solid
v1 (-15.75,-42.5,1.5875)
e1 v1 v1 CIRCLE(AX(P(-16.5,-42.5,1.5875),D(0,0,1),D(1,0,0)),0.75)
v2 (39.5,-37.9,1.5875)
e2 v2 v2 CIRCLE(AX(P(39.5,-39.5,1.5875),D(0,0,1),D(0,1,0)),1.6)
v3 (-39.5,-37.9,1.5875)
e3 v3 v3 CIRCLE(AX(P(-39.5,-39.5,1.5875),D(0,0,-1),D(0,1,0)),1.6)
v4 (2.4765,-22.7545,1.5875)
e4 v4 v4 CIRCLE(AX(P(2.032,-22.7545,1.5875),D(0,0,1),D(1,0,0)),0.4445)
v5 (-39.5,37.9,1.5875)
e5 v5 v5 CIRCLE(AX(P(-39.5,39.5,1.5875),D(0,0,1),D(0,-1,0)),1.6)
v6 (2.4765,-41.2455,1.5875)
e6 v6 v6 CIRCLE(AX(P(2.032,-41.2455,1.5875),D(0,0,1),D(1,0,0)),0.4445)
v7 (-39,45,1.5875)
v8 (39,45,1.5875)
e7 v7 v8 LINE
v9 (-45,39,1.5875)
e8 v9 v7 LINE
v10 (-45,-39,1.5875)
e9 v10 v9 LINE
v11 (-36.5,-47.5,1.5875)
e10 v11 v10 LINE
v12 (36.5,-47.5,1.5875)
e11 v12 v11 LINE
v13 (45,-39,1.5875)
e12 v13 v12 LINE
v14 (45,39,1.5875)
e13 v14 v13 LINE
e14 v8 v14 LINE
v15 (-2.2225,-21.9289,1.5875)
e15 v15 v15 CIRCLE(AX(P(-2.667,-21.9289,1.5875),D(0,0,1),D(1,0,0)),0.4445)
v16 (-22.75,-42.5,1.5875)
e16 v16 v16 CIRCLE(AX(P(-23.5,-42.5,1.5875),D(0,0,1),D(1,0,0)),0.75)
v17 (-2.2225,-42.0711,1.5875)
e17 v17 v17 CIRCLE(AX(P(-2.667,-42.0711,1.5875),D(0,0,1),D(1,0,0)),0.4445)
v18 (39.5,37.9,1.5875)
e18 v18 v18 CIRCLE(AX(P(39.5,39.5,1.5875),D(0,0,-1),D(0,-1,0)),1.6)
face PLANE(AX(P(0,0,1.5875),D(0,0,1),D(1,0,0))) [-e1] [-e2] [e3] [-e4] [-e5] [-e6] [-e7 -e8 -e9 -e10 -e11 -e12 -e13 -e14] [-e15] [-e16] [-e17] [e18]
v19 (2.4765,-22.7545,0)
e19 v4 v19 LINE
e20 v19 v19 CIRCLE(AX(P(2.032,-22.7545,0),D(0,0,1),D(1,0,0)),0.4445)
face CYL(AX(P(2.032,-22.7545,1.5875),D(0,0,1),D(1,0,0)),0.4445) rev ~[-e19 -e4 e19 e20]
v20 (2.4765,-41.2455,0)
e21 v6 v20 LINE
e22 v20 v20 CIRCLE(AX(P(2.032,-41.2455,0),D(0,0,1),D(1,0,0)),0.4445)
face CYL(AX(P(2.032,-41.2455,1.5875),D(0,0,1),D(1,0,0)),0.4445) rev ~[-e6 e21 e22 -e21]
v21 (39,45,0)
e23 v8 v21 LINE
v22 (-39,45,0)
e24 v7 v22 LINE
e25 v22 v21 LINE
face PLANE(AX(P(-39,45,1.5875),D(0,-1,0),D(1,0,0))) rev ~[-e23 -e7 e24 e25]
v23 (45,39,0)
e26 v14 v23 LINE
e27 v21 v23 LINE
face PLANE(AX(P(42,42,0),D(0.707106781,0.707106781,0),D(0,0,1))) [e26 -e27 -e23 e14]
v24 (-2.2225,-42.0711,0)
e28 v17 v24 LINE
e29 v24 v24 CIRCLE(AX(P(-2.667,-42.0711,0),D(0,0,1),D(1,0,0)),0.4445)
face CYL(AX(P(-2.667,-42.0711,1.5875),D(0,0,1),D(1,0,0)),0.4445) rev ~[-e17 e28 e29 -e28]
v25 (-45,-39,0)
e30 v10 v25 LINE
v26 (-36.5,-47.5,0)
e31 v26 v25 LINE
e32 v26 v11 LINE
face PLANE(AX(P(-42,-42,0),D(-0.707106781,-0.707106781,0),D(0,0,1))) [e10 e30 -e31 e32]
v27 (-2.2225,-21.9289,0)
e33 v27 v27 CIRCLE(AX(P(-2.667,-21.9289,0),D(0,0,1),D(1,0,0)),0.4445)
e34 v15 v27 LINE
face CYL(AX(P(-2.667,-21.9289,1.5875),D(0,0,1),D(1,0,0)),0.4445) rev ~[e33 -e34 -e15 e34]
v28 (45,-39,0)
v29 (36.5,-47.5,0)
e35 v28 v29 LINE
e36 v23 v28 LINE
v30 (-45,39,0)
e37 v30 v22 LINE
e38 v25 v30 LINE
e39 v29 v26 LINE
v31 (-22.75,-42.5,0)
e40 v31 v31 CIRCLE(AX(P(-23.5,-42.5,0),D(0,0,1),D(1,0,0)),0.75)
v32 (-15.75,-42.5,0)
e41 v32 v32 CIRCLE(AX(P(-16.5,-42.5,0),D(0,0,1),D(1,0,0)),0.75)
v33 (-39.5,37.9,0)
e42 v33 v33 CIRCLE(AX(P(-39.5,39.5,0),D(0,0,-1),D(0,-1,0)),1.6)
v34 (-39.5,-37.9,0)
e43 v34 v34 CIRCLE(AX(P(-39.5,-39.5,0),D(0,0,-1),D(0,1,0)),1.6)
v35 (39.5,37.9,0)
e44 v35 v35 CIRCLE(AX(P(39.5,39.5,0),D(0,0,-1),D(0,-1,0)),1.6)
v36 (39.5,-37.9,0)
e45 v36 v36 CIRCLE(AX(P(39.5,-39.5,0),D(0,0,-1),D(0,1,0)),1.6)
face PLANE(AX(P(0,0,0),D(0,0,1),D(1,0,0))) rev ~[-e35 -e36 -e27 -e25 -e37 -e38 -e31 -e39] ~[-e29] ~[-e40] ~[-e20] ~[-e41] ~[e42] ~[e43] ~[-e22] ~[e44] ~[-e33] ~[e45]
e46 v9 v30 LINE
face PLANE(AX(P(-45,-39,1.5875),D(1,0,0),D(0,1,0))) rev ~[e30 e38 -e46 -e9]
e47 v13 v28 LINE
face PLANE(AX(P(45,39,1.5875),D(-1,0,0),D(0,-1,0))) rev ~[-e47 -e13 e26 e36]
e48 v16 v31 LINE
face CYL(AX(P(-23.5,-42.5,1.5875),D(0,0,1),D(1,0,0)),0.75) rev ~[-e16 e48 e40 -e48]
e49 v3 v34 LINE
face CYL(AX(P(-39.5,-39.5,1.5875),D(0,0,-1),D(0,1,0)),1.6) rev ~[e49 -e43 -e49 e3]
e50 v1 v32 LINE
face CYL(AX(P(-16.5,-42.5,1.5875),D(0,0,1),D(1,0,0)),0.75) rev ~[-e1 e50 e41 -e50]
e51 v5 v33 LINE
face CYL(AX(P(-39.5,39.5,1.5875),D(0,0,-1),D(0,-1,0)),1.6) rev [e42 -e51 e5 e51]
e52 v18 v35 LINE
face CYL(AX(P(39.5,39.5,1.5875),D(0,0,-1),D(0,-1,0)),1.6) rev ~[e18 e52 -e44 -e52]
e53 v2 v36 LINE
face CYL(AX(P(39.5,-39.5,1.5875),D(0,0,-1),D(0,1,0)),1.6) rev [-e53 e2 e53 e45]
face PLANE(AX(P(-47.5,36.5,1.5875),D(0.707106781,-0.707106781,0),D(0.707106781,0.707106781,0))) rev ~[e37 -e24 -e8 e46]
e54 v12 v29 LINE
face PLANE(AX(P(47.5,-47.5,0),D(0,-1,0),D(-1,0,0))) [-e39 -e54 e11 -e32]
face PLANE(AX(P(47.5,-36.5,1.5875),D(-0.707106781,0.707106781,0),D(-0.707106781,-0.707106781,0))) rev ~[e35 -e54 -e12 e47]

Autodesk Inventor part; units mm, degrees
sketch "AL_spacer_contact_Zminus" plane through (0, 0, 0) normal (0, 0, 1) x (1, 0, 0)
  circle A0 centre (39.5, 39.5) radius 3.175
  circle A1 centre (39.5, -39.5) radius 3.175
  circle A2 centre (-39.5, -39.5) radius 3.175
  circle A3 centre (-39.5, 39.5) radius 3.175
  point P0 (0, 0)
  dimension "d228" = 39.5
  dimension "d229" = 39.5
  dimension "d230" = 39.5
  dimension "d231" = 39.5
  dimension "d232" = 39.5
  dimension "d233" = 39.5
  dimension "d234" = 39.5
  dimension "d235" = 39.5
  dimension "d236" = 6.35
sketch "Delrin_stayout_Zminus" plane through (0, 0, 0) normal (0, 0, 1) x (1, 0, 0)
  line L0 (47.5, 39.5) -> (47.5, 31)
  line L1 (47.5, 31) -> (39.5, 31)
  line L2 (39.5, 31) -> (31, 39.5)
  line L3 (31, 39.5) -> (31, 47.5)
  line L4 (31, 47.5) -> (39.5, 47.5)
  line L5 (39.5, 47.5) -> (47.5, 39.5)
  line L6 (-39.5, 47.5) -> (-47.5, 39.5)
  line L7 (-47.5, 39.5) -> (-47.5, 31)
  line L8 (-47.5, 31) -> (-39.5, 31)
  line L9 (-39.5, 31) -> (-31, 39.5)
  line L10 (-31, 39.5) -> (-31, 47.5)
  line L11 (-31, 47.5) -> (-39.5, 47.5)
  line L12 (47.5, -39.5) -> (39.5, -47.5)
  line L13 (39.5, -47.5) -> (31, -47.5)
  line L14 (31, -47.5) -> (31, -39.5)
  line L15 (31, -39.5) -> (39.5, -31)
  line L16 (39.5, -31) -> (47.5, -31)
  line L17 (47.5, -31) -> (47.5, -39.5)
  line L18 (-39.5, -47.5) -> (-47.5, -39.5)
  line L19 (-47.5, -39.5) -> (-47.5, -31)
  line L20 (-47.5, -31) -> (-39.5, -31)
  line L21 (-39.5, -31) -> (-31, -39.5)
  line L22 (-31, -39.5) -> (-31, -47.5)
  line L23 (-31, -47.5) -> (-39.5, -47.5)
  point P0 (0, 0)
  dimension "d243" = 16.5
  dimension "d244" = 8
  dimension "d245" = 8.5
  dimension "d246" = 16.5
  dimension "d247" = 47.5
  dimension "d248" = 47.5
  dimension "d249" = 47.5
  dimension "d250" = 47.5
  dimension "d251" = 47.5
  dimension "d252" = 47.5
  dimension "d253" = 47.5
  dimension "d254" = 47.5
sketch "Nub_stayout_Zminus" plane through (0, 0, 0) normal (0, 0, 1) x (1, 0, 0)
  line L0 (29, 47.5) -> (39.5, 47.5)
  line L1 (39.5, 47.5) -> (47.5, 39.5)
  line L2 (47.5, 39.5) -> (47.5, 29)
  line L3 (47.5, 29) -> (42, 29)
  line L4 (42, 29) -> (42, 40.4125)
  line L5 (40.4125, 42) -> (29, 42)
  line L6 (29, 42) -> (29, 47.5)
  arc A0 (42, 40.4125) -> (40.4125, 42) centre (40.4125, 40.4125) ccw
  line L7 (-29, 47.5) -> (-39.5, 47.5)
  line L8 (-39.5, 47.5) -> (-47.5, 39.5)
  line L9 (-47.5, 39.5) -> (-47.5, 29)
  line L10 (-47.5, 29) -> (-42, 29)
  line L11 (-42, 29) -> (-42, 40.4125)
  line L12 (-40.4125, 42) -> (-29, 42)
  line L13 (-29, 42) -> (-29, 47.5)
  arc A1 (-40.4125, 42) -> (-42, 40.4125) centre (-40.4125, 40.4125) ccw
  line L14 (-47.5, -29) -> (-42, -29)
  line L15 (-42, -29) -> (-42, -40.4125)
  line L16 (-40.4125, -42) -> (-29, -42)
  line L17 (-29, -42) -> (-29, -47.5)
  line L18 (-29, -47.5) -> (-39.5, -47.5)
  line L19 (-39.5, -47.5) -> (-47.5, -39.5)
  line L20 (-47.5, -39.5) -> (-47.5, -29)
  arc A2 (-42, -40.4125) -> (-40.4125, -42) centre (-40.4125, -40.4125) ccw
  line L21 (47.5, -29) -> (42, -29)
  line L22 (42, -29) -> (42, -40.4125)
  line L23 (40.4125, -42) -> (29, -42)
  line L24 (29, -42) -> (29, -47.5)
  line L25 (29, -47.5) -> (39.5, -47.5)
  line L26 (39.5, -47.5) -> (47.5, -39.5)
  line L27 (47.5, -39.5) -> (47.5, -29)
  arc A3 (40.4125, -42) -> (42, -40.4125) centre (40.4125, -40.4125) ccw
  point P0 (0, 0)
  dimension "d255" = 1.5875
  dimension "d256" = 18.5
  dimension "d257" = 8
  dimension "d258" = 5.5
  dimension "d259" = 47.5
  dimension "d260" = 47.5
  dimension "d264" = 1.5875
  dimension "d265" = 47.5
  dimension "d266" = 47.5
  dimension "d267" = 1.5875
  dimension "d268" = 47.5
  dimension "d269" = 47.5
  dimension "d270" = 1.5875
  dimension "d271" = 47.5
  dimension "d272" = 47.5
ref_plane "Zplus_face" through (0, 0, 1.5875) normal (0, 0, 1) x (1, 0, 0)
sketch "AL_spacer_contact_Zplus" plane through (0, 0, 1.5875) normal (0, 0, 1) x (1, 0, 0)
  circle A0 centre (-39.5, 39.5) radius 3.175
  circle A1 centre (-39.5, -39.5) radius 3.175
  circle A2 centre (39.5, -39.5) radius 3.175
  circle A3 centre (39.5, 39.5) radius 3.175
  point P0 (0, 0)
  dimension "d129" = 39.5
  dimension "d130" = 39.5
  dimension "d131" = 39.5
  dimension "d132" = 39.5
  dimension "d133" = 6.35
sketch "Delrin_stayout_Zplus" plane through (0, 0, 1.5875) normal (0, 0, 1) x (1, 0, 0)
  line L0 (47.5, -31) -> (47.5, -39.5)
  line L1 (47.5, -39.5) -> (39.5, -47.5)
  line L2 (39.5, -47.5) -> (31, -47.5)
  line L3 (31, -47.5) -> (31, -39.5)
  line L4 (31, -39.5) -> (39.5, -31)
  line L5 (39.5, -31) -> (47.5, -31)
  line L6 (47.5, 31) -> (47.5, 39.5)
  line L7 (47.5, 39.5) -> (39.5, 47.5)
  line L8 (39.5, 47.5) -> (31, 47.5)
  line L9 (31, 47.5) -> (31, 39.5)
  line L10 (31, 39.5) -> (39.5, 31)
  line L11 (39.5, 31) -> (47.5, 31)
  line L12 (-39.5, 47.5) -> (-47.5, 39.5)
  line L13 (-47.5, 39.5) -> (-47.5, 31)
  line L14 (-47.5, 31) -> (-39.5, 31)
  line L15 (-39.5, 31) -> (-31, 39.5)
  line L16 (-31, 39.5) -> (-31, 47.5)
  line L17 (-31, 47.5) -> (-39.5, 47.5)
  line L18 (-47.5, -39.5) -> (-39.5, -47.5)
  line L19 (-39.5, -47.5) -> (-31, -47.5)
  line L20 (-31, -47.5) -> (-31, -39.5)
  line L21 (-31, -39.5) -> (-39.5, -31)
  line L22 (-39.5, -31) -> (-47.5, -31)
  line L23 (-47.5, -31) -> (-47.5, -39.5)
  point P0 (0, 0)
  dimension "d115" = 16.5
  dimension "d116" = 16.5
  dimension "d117" = 8
  dimension "d118" = 8.5
  dimension "d121" = 47.5
  dimension "d122" = 47.5
  dimension "d123" = 47.5
  dimension "d124" = 47.5
  dimension "d125" = 47.5
  dimension "d126" = 47.5
  dimension "d127" = 47.5
  dimension "d128" = 47.5
sketch "Nub_stayout_Zplus" plane through (0, 0, 1.5875) normal (0, 0, 1) x (1, 0, 0)
  line L0 (47.5, 29) -> (42, 29)
  line L1 (42, 29) -> (42, 40.4125)
  line L2 (40.4125, 42) -> (29, 42)
  line L3 (29, 42) -> (29, 47.5)
  arc A0 (42, 40.4125) -> (40.4125, 42) centre (40.4125, 40.4125) ccw
  line L4 (29, 47.5) -> (39.5, 47.5)
  line L5 (39.5, 47.5) -> (47.5, 39.5)
  line L6 (47.5, 39.5) -> (47.5, 29)
  line L7 (-39.5, 47.5) -> (-29, 47.5)
  line L8 (-29, 47.5) -> (-29, 42)
  line L9 (-29, 42) -> (-40.4125, 42)
  line L10 (-42, 40.4125) -> (-42, 29)
  line L11 (-42, 29) -> (-47.5, 29)
  line L12 (-47.5, 29) -> (-47.5, 39.5)
  line L13 (-47.5, 39.5) -> (-39.5, 47.5)
  arc A1 (-40.4125, 42) -> (-42, 40.4125) centre (-40.4125, 40.4125) ccw
  line L14 (-47.5, -29) -> (-47.5, -39.5)
  line L15 (-47.5, -39.5) -> (-39.5, -47.5)
  line L16 (-39.5, -47.5) -> (-29, -47.5)
  line L17 (-29, -47.5) -> (-29, -42)
  line L18 (-29, -42) -> (-40.4125, -42)
  line L19 (-42, -40.4125) -> (-42, -29)
  line L20 (-42, -29) -> (-47.5, -29)
  arc A2 (-42, -40.4125) -> (-40.4125, -42) centre (-40.4125, -40.4125) ccw
  line L21 (29, -47.5) -> (39.5, -47.5)
  line L22 (39.5, -47.5) -> (47.5, -39.5)
  line L23 (47.5, -39.5) -> (47.5, -29)
  line L24 (47.5, -29) -> (42, -29)
  line L25 (42, -29) -> (42, -40.4125)
  line L26 (40.4125, -42) -> (29, -42)
  line L27 (29, -42) -> (29, -47.5)
  arc A3 (40.4125, -42) -> (42, -40.4125) centre (40.4125, -40.4125) ccw
  point P0 (0, 0)
  dimension "d146" = 1.5875
  dimension "d147" = 5.5
  dimension "d149" = 18.5
  dimension "d150" = 8
  dimension "d151" = 47.5
  dimension "d152" = 47.5
  dimension "d153" = 1.5875
  dimension "d154" = 47.5
  dimension "d155" = 47.5
  dimension "d156" = 1.5875
  dimension "d157" = 47.5
  dimension "d158" = 47.5
  dimension "d159" = 1.5875
  dimension "d160" = 47.5
  dimension "d161" = 47.5
sketch "Sketch1" plane through (0, 0, 0) normal (0, 0, 1) x (1, 0, 0)
  line L0 (-47.5, 47.5) -> (47.5, 47.5)
  line L1 (47.5, 47.5) -> (47.5, -47.5)
  line L2 (47.5, -47.5) -> (-47.5, -47.5)
  line L3 (-47.5, -47.5) -> (-47.5, 47.5)
  point P0 (0, 0)
  dimension "d0" = 95
  dimension "d1" = 95
  dimension "d2" = 47.5
  dimension "d3" = 47.5
extrude "Extrusion1" add sketch "Sketch1" along normal blind 1.5875
chamfer "Chamfer2" distance 11 angle 45 2 edges at (-47.5, -47.5, 0.7937) (47.5, 47.5, 0.7937)
ref_plane "Work Plane_ConnX" through (-32, 0, 0) normal (1, 0, 0) x (0, 1, 0)
ref_plane "Work Plane_ConnY" through (0, 0, 0) normal (0, 1, 0) x (-1, 0, 0)
sketch "Sketch9" plane through (0, 0, 1.5875) normal (0, 0, 1) x (1, 0, 0)
  line L0 (47.5, 47.5) -> (47.5, -47.5) projected
  line L1 (58.5598, -32) -> (-58.5598, -32)
  circle A0 centre (-2.667, -21.9289) radius 0.4445
  circle A1 centre (-2.667, -42.0711) radius 0.4445
  line L2 (0, 26.5598) -> (0, -90.5598) construction
  point P0 (0, 0)
  point P1 (0, -32)
  dimension "d134" = 20.1422
  dimension "d136" = 2.667
  dimension "d138" = 0.889
  dimension "d141" = 180
  dimension "d350" = 32
  dimension "d351" = 0
extrude "Holes_Conn_Zminus" cut sketch "Sketch9" against normal through all
sketch "Sketch22" plane through (0, 0, 1.5875) normal (0, 0, 1) x (1, 0, 0)
  line L0 (47.5, 36.5) -> (47.5, -47.5) projected
  line L1 (0, -1.0026) -> (0, -62.9974) construction
  line L2 (62.8115, -32) -> (-62.8115, -32)
  circle A0 centre (2.032, -22.7545) radius 0.4445
  circle A1 centre (2.032, -41.2455) radius 0.4445
  point P0 (47.5, -36.5)
  point P1 (0, 0)
  point P2 (0, -32)
  dimension "d282" = 180
  dimension "d283" = 18.491
  dimension "d284" = 0.889
  dimension "d285" = 2.032
  dimension "d352" = 32
  dimension "d353" = 0
extrude "Holes_Conn_Zplus" cut sketch "Sketch22" against normal through all
hole "Hole5" at (39.5, 39.5, 1.5875) direction (0, 0, -1) diameter 3.2 end through all
mirror "Mirror5" about plane through (0, 0, 0) normal (1, 0, 0) of "Hole5"
mirror "Mirror6" about plane through (0, 0, 0) normal (0, 1, 0) of "Hole5", "Mirror5"
sketch "Sketch25" plane through (0, 0, 1.5875) normal (0, 0, 1) x (1, 0, 0)
  circle A0 centre (-39.5, -39.5) radius 1.6 projected
  circle A1 centre (39.5, -39.5) radius 1.6 projected
  circle A2 centre (-39.5, 39.5) radius 1.6 projected
  circle A3 centre (39.5, 39.5) radius 1.6 projected
  line L0 (47.5, -47.5) -> (-36.5, -47.5) projected
  line L1 (0, 0) -> (0, -59.2198)
  line L2 (8, -47.5) -> (8, -15.5)
  line L3 (8, -15.5) -> (-8, -15.5)
  line L4 (-8, -15.5) -> (-8, -47.5)
  line L5 (-8, -47.5) -> (-62.7516, -61.7336)
  line L6 (-62.7516, -61.7336) -> (-64.2933, 68.2222)
  line L7 (-64.2933, 68.2222) -> (58.3572, 62.5728)
  line L8 (58.3572, 62.5728) -> (56.5848, -69.017)
  line L9 (56.5848, -69.017) -> (8, -47.5)
  point P0 (36.5, -47.5)
  dimension "d362" = 16
  dimension "d363" = 32
extrude "Extrusion9" [suppressed]
sketch "Sketch26" plane through (0, 0, 1.5875) normal (0, 0, 1) x (1, 0, 0)
  line L0 (47.5, -47.5) -> (-36.5, -47.5) projected
  circle A0 centre (-23.5, -42.5) radius 0.75
  circle A1 centre (-16.5, -42.5) radius 0.75
  line L1 (-20, -36.5) -> (-20, -45.5063)
  point P0 (36.5, -47.5)
  point P1 (0, 0)
  point P2 (-20, -42.5)
  dimension "d366" = 1.5
  dimension "d367" = 7
  dimension "d368" = 5
  dimension "d369" = 20
extrude "Extrusion10" cut sketch "Sketch26" against normal through all
sketch "Sketch27" plane through (0, 0, 1.5875) normal (0, 0, 1) x (1, 0, 0)
  line L0 (47.5, -47.5) -> (47, -47.5)
  line L1 (47, -47.5) -> (47, -40.5)
  line L2 (47.5, -39.338) -> (47.5, -47.5)
  arc A0 (47.5, -39.338) -> (47, -40.5) centre (48.6002, -40.5) ccw
  line L3 (-47.5, 47.5) -> (-47, 47.5)
  line L4 (-47, 47.5) -> (-47, 40.5)
  line L5 (-47.5, 39.338) -> (-47.5, 47.5)
  arc A1 (-47.5, 39.338) -> (-47, 40.5) centre (-48.6002, 40.5) ccw
  point P0 (0, 0)
  dimension "d372" = 1.6002
  dimension "d373" = 0.5
  dimension "d374" = 7
extrude "Extrusion11" cut sketch "Sketch27" against normal through all
chamfer "Chamfer4" [suppressed]
sketch "Sketch37" plane through (0, 0, 1.5875) normal (0, 0, 1) x (1, 0, 0)
  line L0 (-47.5, -36.5) -> (-47.5, 39.338) projected
  line L1 (47, -47.5) -> (-36.5, -47.5) projected
  line L2 (47.5, 36.5) -> (47.5, -39.338) projected
  line L3 (-47, 47.5) -> (36.5, 47.5) projected
  line L4 (-47.5, 47.5) -> (47.5, 47.5) construction
  line L5 (47.5, 47.5) -> (47.5, -47.5) construction
  line L6 (47.5, -47.5) -> (-47.5, -47.5) construction
  line L7 (-47.5, -47.5) -> (-47.5, 47.5) construction
  point P0 (0, 0)
decal "Decal4"
sketch "Sketch38" plane through (0, 0, 0) normal (0, 0, -1) x (-1, 0, 0)
  line L0 (47, 47.5) -> (-36.5, 47.5) projected
  line L1 (-47.5, 36.5) -> (-47.5, -39.338) projected
  line L2 (-47, -47.5) -> (36.5, -47.5) projected
  line L3 (47.5, -36.5) -> (47.5, 39.338) projected
  line L4 (-47.5, 47.5) -> (47.5, 47.5) construction
  line L5 (47.5, 47.5) -> (47.5, -47.5) construction
  line L6 (47.5, -47.5) -> (-47.5, -47.5) construction
  line L7 (-47.5, -47.5) -> (-47.5, 47.5) construction
  point P0 (0, 0)
decal "Decal5"
sketch "Sketch34" plane through (0, 0, 1.5875) normal (0, 0, 1) x (1, 0, 0)
  arc A0 (-47.5, 39.338) -> (-47, 40.5) centre (-48.6002, 40.5) ccw projected
  line L0 (-47.5, -36.5) -> (-47.5, 39.338) projected
  line L1 (47, -47.5) -> (-36.5, -47.5) projected
  line L2 (47, -47.5) -> (47, -40.5) projected
  arc A1 (47.5, -39.338) -> (47, -40.5) centre (48.6002, -40.5) ccw projected
  line L3 (47.5, 36.5) -> (47.5, -39.338) projected
  line L4 (-47, 47.5) -> (-47, 40.5) projected
  line L5 (-47.5, 36.5) -> (-36.5, 47.5)
  line L6 (-47.5, 36.5) -> (-47.5, 47.5)
  line L7 (-47.5, 47.5) -> (-36.5, 47.5)
  line L8 (47.5, -36.5) -> (36.5, -47.5)
  line L9 (47.5, -47.5) -> (47.5, -36.5)
  line L10 (36.5, -47.5) -> (47.5, -47.5)
  point P0 (0, 0)
  dimension "d438" = 11
  dimension "d439" = 11
extrude "Extrusion14" cut sketch "Sketch34" against normal through all contours L6 L7 L4 A0 | A0 L4 L7 L5 L0 | L1 L8 L3 A1 L2
sketch "Sketch35" plane through (0, 0, 1.5875) normal (0, 0, 1) x (1, 0, 0)
  line L0 (36.5, -47.5) -> (47.5, -36.5) projected
  line L1 (47.5, 36.5) -> (47.5, -39.338) projected
  line L2 (36.5, 47.5) -> (47.5, 36.5) projected
  line L3 (-47, 47.5) -> (36.5, 47.5) projected
  line L4 (-36.5, 47.5) -> (-47.5, 36.5) projected
  line L5 (-47.5, -36.5) -> (-47.5, 39.338) projected
  line L6 (-36.5, -47.5) -> (-47.5, -36.5) projected
  line L7 (-45, -39) -> (-45, 39)
  line L8 (-39, 45) -> (39, 45)
  line L9 (45, 39) -> (45, -39)
  point P0 (0, 0)
  dimension "d442" = 45
  dimension "d443" = 45
  dimension "d444" = 45
extrude "Extrusion15" cut sketch "Sketch35" against normal through all
equation "\"DESCRIPTION\" = 0.1"
properties part number "PCB_LT_RX-TX" material "FR4"
